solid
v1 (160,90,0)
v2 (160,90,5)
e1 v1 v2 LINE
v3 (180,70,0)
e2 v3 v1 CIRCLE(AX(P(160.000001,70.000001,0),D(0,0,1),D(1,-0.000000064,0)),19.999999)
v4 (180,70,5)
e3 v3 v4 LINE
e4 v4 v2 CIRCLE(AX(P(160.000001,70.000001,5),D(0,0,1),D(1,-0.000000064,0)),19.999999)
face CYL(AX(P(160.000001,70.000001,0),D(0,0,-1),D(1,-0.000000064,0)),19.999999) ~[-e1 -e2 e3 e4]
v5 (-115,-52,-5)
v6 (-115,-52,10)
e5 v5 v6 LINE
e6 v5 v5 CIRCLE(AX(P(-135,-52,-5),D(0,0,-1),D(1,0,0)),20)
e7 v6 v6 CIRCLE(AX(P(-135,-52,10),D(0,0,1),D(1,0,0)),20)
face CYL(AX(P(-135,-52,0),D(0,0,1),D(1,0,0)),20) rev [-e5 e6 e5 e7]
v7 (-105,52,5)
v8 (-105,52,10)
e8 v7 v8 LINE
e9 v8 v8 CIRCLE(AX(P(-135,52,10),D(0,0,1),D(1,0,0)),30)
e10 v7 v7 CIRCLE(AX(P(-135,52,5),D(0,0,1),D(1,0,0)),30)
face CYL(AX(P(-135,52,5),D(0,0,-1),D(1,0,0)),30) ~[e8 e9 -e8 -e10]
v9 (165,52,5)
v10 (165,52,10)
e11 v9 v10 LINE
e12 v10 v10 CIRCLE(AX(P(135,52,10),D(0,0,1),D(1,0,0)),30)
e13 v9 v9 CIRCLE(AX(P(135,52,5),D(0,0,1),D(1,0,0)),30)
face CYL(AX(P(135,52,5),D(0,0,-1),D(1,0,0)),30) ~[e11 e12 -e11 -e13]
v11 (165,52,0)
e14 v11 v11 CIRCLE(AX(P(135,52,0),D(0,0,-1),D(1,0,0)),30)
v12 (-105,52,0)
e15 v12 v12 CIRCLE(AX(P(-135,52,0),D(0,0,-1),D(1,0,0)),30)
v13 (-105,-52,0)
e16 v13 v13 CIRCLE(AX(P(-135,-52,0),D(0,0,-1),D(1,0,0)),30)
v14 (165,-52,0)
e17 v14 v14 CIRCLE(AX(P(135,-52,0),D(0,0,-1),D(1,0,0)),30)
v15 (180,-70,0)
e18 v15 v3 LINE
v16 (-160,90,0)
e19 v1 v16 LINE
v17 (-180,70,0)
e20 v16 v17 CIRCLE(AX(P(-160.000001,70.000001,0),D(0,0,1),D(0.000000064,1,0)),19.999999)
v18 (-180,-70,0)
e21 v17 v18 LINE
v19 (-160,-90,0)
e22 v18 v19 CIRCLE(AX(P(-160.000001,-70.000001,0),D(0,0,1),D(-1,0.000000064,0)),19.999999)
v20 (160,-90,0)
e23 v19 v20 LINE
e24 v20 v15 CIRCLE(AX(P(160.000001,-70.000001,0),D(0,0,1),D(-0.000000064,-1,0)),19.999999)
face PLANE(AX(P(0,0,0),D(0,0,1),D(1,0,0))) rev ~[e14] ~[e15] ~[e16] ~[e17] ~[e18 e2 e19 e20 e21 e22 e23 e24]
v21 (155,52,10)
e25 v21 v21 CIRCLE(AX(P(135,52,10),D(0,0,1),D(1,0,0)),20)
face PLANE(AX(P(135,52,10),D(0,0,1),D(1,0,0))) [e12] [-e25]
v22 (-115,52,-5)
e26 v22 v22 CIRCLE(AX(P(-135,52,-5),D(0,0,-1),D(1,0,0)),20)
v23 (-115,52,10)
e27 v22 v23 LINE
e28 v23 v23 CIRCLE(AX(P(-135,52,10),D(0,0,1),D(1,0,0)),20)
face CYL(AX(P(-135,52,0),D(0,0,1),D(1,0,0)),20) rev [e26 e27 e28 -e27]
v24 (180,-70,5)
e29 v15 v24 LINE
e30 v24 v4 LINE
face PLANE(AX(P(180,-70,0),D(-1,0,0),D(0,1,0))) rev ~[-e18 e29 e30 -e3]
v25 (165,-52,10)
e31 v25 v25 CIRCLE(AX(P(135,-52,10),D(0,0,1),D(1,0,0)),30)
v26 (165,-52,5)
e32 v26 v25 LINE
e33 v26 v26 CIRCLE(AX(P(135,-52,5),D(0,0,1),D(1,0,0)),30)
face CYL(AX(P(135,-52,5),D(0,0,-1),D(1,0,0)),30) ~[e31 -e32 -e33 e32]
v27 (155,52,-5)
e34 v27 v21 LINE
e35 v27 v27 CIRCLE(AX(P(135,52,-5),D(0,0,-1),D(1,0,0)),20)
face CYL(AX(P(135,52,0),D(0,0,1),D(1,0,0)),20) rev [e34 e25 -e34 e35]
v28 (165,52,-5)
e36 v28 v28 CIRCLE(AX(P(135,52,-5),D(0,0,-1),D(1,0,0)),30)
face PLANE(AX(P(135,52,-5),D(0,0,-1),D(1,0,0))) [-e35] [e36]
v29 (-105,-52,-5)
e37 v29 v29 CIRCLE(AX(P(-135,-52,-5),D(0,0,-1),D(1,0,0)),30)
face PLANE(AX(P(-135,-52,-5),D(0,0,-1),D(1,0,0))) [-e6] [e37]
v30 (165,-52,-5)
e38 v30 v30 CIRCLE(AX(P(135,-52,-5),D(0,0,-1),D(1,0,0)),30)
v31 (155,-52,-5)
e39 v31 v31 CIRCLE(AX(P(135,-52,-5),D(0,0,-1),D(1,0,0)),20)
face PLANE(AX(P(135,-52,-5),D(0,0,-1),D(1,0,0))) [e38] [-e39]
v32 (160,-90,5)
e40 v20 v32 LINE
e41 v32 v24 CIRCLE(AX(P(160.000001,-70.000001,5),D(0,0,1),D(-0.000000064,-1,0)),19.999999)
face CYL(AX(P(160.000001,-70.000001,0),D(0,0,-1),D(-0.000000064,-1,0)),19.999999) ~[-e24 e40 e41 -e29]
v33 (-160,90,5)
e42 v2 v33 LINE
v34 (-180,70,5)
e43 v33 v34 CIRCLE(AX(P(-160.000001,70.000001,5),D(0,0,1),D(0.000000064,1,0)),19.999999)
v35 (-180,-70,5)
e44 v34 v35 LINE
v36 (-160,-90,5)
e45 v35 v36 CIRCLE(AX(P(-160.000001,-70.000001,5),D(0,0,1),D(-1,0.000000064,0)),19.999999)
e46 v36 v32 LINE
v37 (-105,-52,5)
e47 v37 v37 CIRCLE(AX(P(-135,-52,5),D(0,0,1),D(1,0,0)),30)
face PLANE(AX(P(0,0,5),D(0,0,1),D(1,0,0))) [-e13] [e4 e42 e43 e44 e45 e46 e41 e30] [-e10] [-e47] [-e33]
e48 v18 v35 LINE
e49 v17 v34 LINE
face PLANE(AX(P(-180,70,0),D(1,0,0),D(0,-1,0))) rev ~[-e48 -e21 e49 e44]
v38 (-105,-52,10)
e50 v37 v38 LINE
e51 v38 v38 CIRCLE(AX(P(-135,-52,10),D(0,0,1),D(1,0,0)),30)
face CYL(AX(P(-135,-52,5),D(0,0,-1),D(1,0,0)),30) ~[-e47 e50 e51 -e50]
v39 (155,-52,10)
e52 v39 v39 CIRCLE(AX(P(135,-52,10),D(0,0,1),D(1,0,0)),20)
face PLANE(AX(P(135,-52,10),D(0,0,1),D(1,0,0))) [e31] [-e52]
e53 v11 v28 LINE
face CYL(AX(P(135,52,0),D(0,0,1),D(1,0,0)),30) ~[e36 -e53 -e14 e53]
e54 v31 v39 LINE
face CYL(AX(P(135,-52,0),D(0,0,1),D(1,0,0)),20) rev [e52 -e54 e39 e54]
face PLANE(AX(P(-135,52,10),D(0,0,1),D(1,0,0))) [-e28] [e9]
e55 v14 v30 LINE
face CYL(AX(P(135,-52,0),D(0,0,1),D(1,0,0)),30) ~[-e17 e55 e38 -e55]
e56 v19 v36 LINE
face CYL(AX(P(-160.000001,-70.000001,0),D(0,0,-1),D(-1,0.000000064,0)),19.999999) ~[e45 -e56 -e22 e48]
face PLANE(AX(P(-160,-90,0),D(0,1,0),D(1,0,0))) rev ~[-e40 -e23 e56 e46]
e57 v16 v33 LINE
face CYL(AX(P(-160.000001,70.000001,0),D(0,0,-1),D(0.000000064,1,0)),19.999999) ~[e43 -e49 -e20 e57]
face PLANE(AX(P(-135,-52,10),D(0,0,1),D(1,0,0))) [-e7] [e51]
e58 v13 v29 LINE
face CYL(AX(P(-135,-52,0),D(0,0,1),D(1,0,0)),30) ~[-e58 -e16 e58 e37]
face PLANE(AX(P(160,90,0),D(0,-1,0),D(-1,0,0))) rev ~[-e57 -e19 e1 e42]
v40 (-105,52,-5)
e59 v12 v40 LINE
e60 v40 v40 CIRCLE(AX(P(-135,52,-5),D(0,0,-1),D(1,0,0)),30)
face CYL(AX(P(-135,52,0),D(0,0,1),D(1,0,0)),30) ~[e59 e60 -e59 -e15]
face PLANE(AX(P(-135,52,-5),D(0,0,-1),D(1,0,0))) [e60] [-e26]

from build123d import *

# Parameters (mm, degrees)
F0_R     = 20
F1_DEPTH = 5
F2_R     = 30
F2_R_2   = 20
F3_DEPTH = 5
F4_R     = 30
F4_R_2   = 20
F5_DEPTH = 5


with BuildPart() as f1:
    # F0 (on Top) → F1 (new body)
    with BuildSketch(Plane.XY):
        with BuildLine():
            Line((-160, -90), (160, -90))
            ThreePointArc((160, -90), (174.142136, -84.142136), (180, -70))
            Line((180, -70), (180, 70))
            ThreePointArc((180, 70), (174.142136, 84.142136), (160, 90))
            Line((160, 90), (-160, 90))
            ThreePointArc((-160, 90), (-174.142136, 84.142136), (-180, 70))
            Line((-180, 70), (-180, -70))
            ThreePointArc((-180, -70), (-174.142136, -84.142136), (-160, -90))
        make_face()
        with Locations((-135, -52)):
            Circle(F0_R, mode=Mode.SUBTRACT)
        with Locations((135, -52)):
            Circle(F0_R, mode=Mode.SUBTRACT)
        with Locations((-135, 52)):
            Circle(F0_R, mode=Mode.SUBTRACT)
        with Locations((135, 52)):
            Circle(F0_R, mode=Mode.SUBTRACT)
    extrude(amount=F1_DEPTH)

    # F2 (on face) → F3 (join)
    with BuildSketch(Plane.XY.offset(5)):
        with Locations((-135, 52)):
            Circle(F2_R)
        with Locations((-135, 52)):
            Circle(F2_R_2, mode=Mode.SUBTRACT)
        with Locations((135, 52)):
            Circle(F2_R)
        with Locations((135, 52)):
            Circle(F2_R_2, mode=Mode.SUBTRACT)
        with Locations((-135, -52)):
            Circle(F2_R)
        with Locations((-135, -52)):
            Circle(F2_R_2, mode=Mode.SUBTRACT)
        with Locations((135, -52)):
            Circle(F2_R)
        with Locations((135, -52)):
            Circle(F2_R_2, mode=Mode.SUBTRACT)
    extrude(amount=F3_DEPTH)

    # F4 (on face) → F5 (join)
    with BuildSketch(Plane(origin=(0, 0, 0), x_dir=(1, 0, 0), z_dir=(0, 0, -1))):
        with Locations((-135, 52)):
            Circle(F4_R)
        with Locations((-135, 52)):
            Circle(F4_R_2, mode=Mode.SUBTRACT)
        with Locations((135, 52)):
            Circle(F4_R)
        with Locations((135, 52)):
            Circle(F4_R_2, mode=Mode.SUBTRACT)
        with Locations((-135, -52)):
            Circle(F4_R)
        with Locations((-135, -52)):
            Circle(F4_R_2, mode=Mode.SUBTRACT)
        with Locations((135, -52)):
            Circle(F4_R)
        with Locations((135, -52)):
            Circle(F4_R_2, mode=Mode.SUBTRACT)
    extrude(amount=F5_DEPTH)


solid = f1.part
